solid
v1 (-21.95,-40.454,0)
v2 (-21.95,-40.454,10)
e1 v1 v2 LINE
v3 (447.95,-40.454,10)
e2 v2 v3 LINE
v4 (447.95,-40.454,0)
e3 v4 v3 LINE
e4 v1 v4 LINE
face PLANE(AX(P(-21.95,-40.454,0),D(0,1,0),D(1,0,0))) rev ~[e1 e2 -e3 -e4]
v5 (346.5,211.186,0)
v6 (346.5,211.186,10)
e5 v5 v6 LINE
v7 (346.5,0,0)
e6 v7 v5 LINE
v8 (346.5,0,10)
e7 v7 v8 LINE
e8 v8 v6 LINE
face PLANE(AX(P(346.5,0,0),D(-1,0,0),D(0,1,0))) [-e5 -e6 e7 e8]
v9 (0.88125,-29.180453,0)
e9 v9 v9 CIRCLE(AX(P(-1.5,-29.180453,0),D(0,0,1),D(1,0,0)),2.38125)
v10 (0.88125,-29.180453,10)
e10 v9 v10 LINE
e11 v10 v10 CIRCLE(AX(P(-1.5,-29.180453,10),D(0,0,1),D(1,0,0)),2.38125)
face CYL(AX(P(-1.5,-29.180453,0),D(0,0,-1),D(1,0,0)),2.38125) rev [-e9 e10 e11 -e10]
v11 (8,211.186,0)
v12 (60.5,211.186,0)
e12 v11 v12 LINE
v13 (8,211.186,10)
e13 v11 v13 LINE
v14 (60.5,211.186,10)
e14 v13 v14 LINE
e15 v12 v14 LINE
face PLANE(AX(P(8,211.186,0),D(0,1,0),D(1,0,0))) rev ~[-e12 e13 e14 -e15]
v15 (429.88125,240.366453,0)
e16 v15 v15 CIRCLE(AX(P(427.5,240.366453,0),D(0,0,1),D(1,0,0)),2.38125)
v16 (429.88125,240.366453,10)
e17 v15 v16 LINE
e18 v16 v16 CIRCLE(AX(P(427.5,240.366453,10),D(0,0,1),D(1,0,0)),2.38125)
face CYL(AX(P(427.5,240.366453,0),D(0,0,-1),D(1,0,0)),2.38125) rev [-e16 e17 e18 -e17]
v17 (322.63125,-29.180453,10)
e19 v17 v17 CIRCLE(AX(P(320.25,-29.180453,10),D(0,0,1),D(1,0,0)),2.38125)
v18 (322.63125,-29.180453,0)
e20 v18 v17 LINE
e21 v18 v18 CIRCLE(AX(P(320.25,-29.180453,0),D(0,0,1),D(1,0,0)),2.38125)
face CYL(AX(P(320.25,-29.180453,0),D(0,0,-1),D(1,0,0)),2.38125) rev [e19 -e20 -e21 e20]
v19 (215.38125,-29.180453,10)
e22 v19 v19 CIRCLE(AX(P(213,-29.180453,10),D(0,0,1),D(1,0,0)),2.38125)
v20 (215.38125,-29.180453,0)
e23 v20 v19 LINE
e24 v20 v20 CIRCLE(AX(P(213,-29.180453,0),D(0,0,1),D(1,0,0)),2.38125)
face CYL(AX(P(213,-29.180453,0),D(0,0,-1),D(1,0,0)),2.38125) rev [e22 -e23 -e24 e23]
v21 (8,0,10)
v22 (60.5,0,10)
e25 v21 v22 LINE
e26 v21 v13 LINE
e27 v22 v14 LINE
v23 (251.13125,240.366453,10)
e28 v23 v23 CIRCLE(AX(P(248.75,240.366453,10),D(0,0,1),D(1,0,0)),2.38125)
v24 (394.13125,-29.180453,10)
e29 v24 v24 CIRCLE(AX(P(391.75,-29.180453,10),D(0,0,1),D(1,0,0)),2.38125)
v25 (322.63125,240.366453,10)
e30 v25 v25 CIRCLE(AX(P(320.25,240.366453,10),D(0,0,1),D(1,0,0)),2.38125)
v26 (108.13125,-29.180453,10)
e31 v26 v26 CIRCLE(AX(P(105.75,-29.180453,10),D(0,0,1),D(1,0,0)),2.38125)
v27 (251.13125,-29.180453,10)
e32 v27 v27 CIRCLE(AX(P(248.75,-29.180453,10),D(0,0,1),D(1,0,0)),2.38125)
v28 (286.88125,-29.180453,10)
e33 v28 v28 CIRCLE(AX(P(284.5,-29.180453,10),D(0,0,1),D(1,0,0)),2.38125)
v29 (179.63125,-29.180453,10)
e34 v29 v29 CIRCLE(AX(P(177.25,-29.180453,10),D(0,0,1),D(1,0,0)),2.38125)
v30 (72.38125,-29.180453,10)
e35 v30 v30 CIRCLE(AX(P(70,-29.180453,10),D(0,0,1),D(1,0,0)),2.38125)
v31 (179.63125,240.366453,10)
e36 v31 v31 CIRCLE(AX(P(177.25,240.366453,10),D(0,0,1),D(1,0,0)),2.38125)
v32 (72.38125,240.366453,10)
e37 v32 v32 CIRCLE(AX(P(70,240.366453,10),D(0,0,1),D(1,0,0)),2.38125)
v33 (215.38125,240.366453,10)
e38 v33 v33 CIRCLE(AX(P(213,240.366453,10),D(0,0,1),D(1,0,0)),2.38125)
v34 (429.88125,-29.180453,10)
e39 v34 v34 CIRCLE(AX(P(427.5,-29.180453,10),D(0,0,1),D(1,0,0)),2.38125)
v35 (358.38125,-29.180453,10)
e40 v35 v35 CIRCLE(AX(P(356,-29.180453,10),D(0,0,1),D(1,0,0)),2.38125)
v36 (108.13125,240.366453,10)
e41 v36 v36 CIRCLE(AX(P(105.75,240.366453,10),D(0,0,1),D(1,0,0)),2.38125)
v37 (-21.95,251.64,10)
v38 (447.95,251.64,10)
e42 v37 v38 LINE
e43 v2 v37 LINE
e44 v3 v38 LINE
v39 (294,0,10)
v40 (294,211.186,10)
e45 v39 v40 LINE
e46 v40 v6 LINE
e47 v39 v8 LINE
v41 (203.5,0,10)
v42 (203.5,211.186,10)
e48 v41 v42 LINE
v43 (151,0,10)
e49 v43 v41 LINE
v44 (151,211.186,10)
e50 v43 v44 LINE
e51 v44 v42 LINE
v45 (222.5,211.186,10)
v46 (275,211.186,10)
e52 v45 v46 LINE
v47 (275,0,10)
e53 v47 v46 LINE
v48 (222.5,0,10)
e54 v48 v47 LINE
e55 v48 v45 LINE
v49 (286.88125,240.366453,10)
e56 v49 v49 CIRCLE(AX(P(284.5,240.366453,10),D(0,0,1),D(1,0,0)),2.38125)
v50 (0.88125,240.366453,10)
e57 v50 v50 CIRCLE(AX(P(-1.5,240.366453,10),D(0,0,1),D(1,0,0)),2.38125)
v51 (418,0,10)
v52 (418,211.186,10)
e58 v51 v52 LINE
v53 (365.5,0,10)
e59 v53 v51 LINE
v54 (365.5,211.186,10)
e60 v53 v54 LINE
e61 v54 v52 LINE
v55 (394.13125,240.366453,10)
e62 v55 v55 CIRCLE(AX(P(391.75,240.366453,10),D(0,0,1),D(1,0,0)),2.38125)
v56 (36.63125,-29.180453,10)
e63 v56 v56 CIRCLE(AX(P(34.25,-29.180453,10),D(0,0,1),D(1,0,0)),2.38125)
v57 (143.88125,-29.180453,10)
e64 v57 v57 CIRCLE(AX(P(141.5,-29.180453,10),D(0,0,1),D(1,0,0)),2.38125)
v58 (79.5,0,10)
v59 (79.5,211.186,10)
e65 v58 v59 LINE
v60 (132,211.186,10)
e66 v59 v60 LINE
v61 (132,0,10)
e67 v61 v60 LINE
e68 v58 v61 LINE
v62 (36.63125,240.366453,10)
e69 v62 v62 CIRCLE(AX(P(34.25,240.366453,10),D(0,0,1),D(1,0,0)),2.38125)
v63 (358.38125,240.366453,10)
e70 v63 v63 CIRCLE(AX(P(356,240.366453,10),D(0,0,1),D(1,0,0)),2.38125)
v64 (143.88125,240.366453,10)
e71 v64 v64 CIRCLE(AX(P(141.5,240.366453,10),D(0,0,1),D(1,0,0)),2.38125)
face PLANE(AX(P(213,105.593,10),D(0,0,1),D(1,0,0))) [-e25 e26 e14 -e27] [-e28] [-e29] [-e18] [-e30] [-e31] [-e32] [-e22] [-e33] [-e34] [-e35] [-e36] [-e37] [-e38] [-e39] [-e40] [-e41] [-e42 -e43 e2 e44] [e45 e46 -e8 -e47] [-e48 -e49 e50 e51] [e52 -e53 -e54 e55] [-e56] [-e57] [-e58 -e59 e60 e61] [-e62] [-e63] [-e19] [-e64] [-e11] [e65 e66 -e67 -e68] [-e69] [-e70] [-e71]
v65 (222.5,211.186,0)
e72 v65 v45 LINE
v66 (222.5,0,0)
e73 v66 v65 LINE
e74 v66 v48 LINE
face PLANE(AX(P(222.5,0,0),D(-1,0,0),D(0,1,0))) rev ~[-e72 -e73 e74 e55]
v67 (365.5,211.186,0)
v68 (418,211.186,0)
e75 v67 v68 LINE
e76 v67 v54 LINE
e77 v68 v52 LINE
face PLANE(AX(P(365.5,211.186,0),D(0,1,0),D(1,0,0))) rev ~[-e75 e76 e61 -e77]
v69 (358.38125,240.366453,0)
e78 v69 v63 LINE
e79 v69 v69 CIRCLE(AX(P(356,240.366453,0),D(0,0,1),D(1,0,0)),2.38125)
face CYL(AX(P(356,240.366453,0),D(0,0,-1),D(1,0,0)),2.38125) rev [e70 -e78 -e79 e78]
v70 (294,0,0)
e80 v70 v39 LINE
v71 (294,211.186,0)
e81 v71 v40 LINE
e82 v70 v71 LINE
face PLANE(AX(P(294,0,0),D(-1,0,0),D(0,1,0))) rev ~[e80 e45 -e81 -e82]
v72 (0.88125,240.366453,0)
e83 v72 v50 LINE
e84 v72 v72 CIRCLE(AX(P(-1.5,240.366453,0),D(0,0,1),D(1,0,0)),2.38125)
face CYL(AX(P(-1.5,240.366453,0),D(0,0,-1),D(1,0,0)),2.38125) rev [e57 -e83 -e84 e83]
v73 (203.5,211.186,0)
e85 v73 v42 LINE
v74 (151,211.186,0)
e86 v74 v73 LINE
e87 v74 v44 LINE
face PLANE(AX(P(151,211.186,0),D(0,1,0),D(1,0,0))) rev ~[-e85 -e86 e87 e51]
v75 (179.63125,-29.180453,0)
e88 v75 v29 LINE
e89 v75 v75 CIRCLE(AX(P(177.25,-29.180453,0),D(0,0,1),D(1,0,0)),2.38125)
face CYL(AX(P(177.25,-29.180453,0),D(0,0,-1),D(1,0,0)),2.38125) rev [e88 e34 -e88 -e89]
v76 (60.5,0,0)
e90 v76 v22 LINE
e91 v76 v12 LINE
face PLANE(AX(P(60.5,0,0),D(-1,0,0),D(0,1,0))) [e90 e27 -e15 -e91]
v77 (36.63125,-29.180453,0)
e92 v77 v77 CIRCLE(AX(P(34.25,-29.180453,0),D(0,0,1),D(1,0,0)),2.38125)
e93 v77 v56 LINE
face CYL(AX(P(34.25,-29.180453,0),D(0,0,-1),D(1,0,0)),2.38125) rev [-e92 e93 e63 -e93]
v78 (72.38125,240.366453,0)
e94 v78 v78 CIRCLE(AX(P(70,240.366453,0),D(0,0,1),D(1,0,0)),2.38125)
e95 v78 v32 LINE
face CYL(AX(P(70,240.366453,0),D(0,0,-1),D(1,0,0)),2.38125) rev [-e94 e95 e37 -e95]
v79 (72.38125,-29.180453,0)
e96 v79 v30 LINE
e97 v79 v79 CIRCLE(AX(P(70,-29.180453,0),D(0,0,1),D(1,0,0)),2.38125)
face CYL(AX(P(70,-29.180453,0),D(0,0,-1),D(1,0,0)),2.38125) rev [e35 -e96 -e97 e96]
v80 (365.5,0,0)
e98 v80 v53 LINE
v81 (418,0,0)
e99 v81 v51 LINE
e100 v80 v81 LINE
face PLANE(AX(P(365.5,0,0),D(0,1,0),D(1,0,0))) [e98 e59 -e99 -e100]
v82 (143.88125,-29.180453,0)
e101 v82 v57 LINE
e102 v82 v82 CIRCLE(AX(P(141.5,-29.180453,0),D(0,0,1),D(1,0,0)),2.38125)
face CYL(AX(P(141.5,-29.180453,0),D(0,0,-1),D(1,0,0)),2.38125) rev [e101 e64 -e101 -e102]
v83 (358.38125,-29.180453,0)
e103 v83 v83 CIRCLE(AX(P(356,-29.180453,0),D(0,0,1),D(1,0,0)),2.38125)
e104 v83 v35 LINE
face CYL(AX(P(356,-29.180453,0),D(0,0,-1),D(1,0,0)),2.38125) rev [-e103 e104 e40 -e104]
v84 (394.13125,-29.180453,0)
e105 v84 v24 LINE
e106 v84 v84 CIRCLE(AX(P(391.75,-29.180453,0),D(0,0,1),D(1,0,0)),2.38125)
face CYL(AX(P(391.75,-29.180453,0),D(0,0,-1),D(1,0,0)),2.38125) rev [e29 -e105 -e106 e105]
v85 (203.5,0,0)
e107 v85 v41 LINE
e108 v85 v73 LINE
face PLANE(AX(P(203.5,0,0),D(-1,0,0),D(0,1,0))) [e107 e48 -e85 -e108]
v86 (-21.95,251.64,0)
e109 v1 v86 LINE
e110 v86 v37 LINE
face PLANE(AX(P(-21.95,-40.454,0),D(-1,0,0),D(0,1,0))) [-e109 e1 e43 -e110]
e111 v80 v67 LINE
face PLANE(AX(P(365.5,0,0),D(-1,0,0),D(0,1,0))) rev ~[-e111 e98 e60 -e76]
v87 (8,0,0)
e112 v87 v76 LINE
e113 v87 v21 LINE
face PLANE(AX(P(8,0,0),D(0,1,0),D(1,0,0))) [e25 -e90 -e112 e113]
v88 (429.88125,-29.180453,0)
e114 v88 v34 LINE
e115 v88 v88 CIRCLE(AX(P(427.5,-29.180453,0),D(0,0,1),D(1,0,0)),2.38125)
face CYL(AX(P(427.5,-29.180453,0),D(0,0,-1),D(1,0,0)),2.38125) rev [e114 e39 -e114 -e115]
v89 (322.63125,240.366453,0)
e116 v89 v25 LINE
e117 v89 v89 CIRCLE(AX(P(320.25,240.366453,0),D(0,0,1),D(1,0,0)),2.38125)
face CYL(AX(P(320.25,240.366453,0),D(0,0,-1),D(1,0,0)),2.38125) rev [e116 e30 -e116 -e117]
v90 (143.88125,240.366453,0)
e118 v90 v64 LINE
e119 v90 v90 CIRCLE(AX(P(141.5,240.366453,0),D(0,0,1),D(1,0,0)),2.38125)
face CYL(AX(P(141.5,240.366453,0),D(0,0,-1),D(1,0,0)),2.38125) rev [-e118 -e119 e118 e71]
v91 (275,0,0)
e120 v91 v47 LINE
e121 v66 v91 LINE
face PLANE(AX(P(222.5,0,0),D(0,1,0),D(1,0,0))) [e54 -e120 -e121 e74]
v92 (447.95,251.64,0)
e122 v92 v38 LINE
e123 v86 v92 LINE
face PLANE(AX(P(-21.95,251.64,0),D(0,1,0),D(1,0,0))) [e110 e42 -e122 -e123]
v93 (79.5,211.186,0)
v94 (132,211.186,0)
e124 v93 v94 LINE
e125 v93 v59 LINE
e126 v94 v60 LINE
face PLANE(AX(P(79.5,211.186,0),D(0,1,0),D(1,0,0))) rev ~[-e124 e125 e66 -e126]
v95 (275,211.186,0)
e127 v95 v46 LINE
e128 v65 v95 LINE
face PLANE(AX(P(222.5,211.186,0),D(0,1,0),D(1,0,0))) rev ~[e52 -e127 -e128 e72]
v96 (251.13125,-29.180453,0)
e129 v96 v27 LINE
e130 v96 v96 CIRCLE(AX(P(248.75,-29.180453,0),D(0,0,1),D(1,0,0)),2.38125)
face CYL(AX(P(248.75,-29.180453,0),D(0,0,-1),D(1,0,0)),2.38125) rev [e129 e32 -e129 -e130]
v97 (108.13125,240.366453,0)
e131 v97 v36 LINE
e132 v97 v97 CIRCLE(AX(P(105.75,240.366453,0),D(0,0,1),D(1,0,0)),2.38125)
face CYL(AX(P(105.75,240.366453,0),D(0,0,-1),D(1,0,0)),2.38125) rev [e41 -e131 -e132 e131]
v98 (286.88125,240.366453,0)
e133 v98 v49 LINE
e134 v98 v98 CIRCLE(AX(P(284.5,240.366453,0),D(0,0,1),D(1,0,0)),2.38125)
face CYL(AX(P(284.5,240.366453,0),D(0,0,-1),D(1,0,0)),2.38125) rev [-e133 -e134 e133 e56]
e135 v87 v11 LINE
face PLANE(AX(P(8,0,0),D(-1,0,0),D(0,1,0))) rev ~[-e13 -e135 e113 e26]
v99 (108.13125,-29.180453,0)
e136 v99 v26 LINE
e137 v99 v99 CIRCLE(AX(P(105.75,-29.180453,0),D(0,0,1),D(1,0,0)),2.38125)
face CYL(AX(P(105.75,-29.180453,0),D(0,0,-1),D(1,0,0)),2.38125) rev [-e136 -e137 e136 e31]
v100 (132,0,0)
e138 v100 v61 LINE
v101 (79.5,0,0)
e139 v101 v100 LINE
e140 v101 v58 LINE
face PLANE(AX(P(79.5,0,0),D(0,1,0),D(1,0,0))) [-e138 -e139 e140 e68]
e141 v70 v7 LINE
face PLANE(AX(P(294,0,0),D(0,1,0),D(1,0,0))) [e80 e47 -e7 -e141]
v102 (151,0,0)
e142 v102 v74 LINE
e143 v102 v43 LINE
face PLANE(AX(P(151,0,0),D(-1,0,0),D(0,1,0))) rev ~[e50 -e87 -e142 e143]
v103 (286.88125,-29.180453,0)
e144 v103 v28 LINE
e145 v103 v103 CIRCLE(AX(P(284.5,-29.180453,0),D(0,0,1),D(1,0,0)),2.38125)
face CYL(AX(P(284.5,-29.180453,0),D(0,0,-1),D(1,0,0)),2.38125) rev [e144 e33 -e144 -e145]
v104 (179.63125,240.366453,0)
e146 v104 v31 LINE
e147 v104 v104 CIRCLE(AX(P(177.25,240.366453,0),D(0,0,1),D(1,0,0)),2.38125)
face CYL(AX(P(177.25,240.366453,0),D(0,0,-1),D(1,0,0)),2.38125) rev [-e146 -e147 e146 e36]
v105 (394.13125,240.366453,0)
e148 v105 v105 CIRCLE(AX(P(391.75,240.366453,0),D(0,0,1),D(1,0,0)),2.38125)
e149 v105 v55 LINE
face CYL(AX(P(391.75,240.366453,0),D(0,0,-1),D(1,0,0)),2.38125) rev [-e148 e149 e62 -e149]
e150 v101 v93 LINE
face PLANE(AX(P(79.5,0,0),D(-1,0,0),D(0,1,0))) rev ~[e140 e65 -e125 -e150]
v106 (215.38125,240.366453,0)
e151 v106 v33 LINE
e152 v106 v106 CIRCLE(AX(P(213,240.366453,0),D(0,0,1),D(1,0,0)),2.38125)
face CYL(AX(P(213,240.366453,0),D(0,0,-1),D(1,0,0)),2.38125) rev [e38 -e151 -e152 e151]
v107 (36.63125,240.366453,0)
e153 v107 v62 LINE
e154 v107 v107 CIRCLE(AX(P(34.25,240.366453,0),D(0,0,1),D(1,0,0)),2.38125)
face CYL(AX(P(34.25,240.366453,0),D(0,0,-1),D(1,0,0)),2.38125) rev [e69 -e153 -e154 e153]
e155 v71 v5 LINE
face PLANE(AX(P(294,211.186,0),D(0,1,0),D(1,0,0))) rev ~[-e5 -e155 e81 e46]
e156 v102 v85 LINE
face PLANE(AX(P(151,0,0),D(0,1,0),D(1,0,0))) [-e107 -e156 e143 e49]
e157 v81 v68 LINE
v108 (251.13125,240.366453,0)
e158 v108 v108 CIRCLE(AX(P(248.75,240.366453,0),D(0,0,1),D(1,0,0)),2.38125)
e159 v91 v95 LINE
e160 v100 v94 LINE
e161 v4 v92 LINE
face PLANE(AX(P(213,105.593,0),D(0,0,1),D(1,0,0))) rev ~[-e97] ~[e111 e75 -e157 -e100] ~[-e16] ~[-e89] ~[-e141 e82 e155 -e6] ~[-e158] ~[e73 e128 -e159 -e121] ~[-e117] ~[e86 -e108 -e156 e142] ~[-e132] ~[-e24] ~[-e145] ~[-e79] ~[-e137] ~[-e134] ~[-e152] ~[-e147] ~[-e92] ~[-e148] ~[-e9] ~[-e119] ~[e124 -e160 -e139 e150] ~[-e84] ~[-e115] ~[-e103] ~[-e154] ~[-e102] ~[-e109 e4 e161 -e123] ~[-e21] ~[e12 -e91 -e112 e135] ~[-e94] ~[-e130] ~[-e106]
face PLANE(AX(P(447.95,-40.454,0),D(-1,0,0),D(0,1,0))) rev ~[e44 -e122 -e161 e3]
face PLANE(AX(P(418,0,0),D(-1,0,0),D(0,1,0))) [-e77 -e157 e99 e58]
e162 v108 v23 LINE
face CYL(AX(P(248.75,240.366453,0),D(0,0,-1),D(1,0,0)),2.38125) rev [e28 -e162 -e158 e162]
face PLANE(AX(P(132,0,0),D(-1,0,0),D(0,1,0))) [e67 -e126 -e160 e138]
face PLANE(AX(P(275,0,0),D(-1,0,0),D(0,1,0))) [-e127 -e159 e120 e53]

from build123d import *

# Parameters (mm, degrees)
SKETCH1_W           = 469.9
SKETCH1_H           = 292.094
SKETCH1_R           = 2.38125
SKETCH1_W_2         = 52.5
SKETCH1_H_2         = 211.186
BOSS_EXTRUDE1_DEPTH = 10


with BuildPart() as part:
    # Sketch1 → Boss-Extrude1 (new body)
    with BuildSketch(Plane.XY):
        with Locations((213, 105.593)):
            Rectangle(SKETCH1_W, SKETCH1_H)
        with Locations((34.25, -29.180453277)):
            Circle(SKETCH1_R, mode=Mode.SUBTRACT)
        with Locations((70, -29.180453277)):
            Circle(SKETCH1_R, mode=Mode.SUBTRACT)
        with Locations((105.75, -29.180453277)):
            Circle(SKETCH1_R, mode=Mode.SUBTRACT)
        with Locations((141.5, -29.180453277)):
            Circle(SKETCH1_R, mode=Mode.SUBTRACT)
        with Locations((177.25, -29.180453277)):
            Circle(SKETCH1_R, mode=Mode.SUBTRACT)
        with Locations((213, -29.180453277)):
            Circle(SKETCH1_R, mode=Mode.SUBTRACT)
        with Locations((248.75, -29.180453277)):
            Circle(SKETCH1_R, mode=Mode.SUBTRACT)
        with Locations((284.5, -29.180453277)):
            Circle(SKETCH1_R, mode=Mode.SUBTRACT)
        with Locations((320.25, -29.180453277)):
            Circle(SKETCH1_R, mode=Mode.SUBTRACT)
        with Locations((356, -29.180453277)):
            Circle(SKETCH1_R, mode=Mode.SUBTRACT)
        with Locations((391.75, -29.180453277)):
            Circle(SKETCH1_R, mode=Mode.SUBTRACT)
        with Locations((427.5, -29.180453277)):
            Circle(SKETCH1_R, mode=Mode.SUBTRACT)
        with Locations((-1.5, 240.366453277)):
            Circle(SKETCH1_R, mode=Mode.SUBTRACT)
        with Locations((34.25, 240.366453277)):
            Circle(SKETCH1_R, mode=Mode.SUBTRACT)
        with Locations((70, 240.366453277)):
            Circle(SKETCH1_R, mode=Mode.SUBTRACT)
        with Locations((105.75, 240.366453277)):
            Circle(SKETCH1_R, mode=Mode.SUBTRACT)
        with Locations((141.5, 240.366453277)):
            Circle(SKETCH1_R, mode=Mode.SUBTRACT)
        with Locations((177.25, 240.366453277)):
            Circle(SKETCH1_R, mode=Mode.SUBTRACT)
        with Locations((213, 240.366453277)):
            Circle(SKETCH1_R, mode=Mode.SUBTRACT)
        with Locations((-1.5, -29.180453277)):
            Circle(SKETCH1_R, mode=Mode.SUBTRACT)
        with Locations((248.75, 240.366453277)):
            Circle(SKETCH1_R, mode=Mode.SUBTRACT)
        with Locations((284.5, 240.366453277)):
            Circle(SKETCH1_R, mode=Mode.SUBTRACT)
        with Locations((320.25, 240.366453277)):
            Circle(SKETCH1_R, mode=Mode.SUBTRACT)
        with Locations((356, 240.366453277)):
            Circle(SKETCH1_R, mode=Mode.SUBTRACT)
        with Locations((391.75, 240.366453277)):
            Circle(SKETCH1_R, mode=Mode.SUBTRACT)
        with Locations((427.5, 240.366453277)):
            Circle(SKETCH1_R, mode=Mode.SUBTRACT)
        with Locations((34.25, 105.593)):
            Rectangle(SKETCH1_W_2, SKETCH1_H_2, mode=Mode.SUBTRACT)
        with Locations((105.75, 105.593)):
            Rectangle(SKETCH1_W_2, SKETCH1_H_2, mode=Mode.SUBTRACT)
        with Locations((177.25, 105.593)):
            Rectangle(SKETCH1_W_2, SKETCH1_H_2, mode=Mode.SUBTRACT)
        with Locations((248.75, 105.593)):
            Rectangle(SKETCH1_W_2, SKETCH1_H_2, mode=Mode.SUBTRACT)
        with Locations((320.25, 105.593)):
            Rectangle(SKETCH1_W_2, SKETCH1_H_2, mode=Mode.SUBTRACT)
        with Locations((391.75, 105.593)):
            Rectangle(SKETCH1_W_2, SKETCH1_H_2, mode=Mode.SUBTRACT)
    extrude(amount=BOSS_EXTRUDE1_DEPTH)


solid = part.part
